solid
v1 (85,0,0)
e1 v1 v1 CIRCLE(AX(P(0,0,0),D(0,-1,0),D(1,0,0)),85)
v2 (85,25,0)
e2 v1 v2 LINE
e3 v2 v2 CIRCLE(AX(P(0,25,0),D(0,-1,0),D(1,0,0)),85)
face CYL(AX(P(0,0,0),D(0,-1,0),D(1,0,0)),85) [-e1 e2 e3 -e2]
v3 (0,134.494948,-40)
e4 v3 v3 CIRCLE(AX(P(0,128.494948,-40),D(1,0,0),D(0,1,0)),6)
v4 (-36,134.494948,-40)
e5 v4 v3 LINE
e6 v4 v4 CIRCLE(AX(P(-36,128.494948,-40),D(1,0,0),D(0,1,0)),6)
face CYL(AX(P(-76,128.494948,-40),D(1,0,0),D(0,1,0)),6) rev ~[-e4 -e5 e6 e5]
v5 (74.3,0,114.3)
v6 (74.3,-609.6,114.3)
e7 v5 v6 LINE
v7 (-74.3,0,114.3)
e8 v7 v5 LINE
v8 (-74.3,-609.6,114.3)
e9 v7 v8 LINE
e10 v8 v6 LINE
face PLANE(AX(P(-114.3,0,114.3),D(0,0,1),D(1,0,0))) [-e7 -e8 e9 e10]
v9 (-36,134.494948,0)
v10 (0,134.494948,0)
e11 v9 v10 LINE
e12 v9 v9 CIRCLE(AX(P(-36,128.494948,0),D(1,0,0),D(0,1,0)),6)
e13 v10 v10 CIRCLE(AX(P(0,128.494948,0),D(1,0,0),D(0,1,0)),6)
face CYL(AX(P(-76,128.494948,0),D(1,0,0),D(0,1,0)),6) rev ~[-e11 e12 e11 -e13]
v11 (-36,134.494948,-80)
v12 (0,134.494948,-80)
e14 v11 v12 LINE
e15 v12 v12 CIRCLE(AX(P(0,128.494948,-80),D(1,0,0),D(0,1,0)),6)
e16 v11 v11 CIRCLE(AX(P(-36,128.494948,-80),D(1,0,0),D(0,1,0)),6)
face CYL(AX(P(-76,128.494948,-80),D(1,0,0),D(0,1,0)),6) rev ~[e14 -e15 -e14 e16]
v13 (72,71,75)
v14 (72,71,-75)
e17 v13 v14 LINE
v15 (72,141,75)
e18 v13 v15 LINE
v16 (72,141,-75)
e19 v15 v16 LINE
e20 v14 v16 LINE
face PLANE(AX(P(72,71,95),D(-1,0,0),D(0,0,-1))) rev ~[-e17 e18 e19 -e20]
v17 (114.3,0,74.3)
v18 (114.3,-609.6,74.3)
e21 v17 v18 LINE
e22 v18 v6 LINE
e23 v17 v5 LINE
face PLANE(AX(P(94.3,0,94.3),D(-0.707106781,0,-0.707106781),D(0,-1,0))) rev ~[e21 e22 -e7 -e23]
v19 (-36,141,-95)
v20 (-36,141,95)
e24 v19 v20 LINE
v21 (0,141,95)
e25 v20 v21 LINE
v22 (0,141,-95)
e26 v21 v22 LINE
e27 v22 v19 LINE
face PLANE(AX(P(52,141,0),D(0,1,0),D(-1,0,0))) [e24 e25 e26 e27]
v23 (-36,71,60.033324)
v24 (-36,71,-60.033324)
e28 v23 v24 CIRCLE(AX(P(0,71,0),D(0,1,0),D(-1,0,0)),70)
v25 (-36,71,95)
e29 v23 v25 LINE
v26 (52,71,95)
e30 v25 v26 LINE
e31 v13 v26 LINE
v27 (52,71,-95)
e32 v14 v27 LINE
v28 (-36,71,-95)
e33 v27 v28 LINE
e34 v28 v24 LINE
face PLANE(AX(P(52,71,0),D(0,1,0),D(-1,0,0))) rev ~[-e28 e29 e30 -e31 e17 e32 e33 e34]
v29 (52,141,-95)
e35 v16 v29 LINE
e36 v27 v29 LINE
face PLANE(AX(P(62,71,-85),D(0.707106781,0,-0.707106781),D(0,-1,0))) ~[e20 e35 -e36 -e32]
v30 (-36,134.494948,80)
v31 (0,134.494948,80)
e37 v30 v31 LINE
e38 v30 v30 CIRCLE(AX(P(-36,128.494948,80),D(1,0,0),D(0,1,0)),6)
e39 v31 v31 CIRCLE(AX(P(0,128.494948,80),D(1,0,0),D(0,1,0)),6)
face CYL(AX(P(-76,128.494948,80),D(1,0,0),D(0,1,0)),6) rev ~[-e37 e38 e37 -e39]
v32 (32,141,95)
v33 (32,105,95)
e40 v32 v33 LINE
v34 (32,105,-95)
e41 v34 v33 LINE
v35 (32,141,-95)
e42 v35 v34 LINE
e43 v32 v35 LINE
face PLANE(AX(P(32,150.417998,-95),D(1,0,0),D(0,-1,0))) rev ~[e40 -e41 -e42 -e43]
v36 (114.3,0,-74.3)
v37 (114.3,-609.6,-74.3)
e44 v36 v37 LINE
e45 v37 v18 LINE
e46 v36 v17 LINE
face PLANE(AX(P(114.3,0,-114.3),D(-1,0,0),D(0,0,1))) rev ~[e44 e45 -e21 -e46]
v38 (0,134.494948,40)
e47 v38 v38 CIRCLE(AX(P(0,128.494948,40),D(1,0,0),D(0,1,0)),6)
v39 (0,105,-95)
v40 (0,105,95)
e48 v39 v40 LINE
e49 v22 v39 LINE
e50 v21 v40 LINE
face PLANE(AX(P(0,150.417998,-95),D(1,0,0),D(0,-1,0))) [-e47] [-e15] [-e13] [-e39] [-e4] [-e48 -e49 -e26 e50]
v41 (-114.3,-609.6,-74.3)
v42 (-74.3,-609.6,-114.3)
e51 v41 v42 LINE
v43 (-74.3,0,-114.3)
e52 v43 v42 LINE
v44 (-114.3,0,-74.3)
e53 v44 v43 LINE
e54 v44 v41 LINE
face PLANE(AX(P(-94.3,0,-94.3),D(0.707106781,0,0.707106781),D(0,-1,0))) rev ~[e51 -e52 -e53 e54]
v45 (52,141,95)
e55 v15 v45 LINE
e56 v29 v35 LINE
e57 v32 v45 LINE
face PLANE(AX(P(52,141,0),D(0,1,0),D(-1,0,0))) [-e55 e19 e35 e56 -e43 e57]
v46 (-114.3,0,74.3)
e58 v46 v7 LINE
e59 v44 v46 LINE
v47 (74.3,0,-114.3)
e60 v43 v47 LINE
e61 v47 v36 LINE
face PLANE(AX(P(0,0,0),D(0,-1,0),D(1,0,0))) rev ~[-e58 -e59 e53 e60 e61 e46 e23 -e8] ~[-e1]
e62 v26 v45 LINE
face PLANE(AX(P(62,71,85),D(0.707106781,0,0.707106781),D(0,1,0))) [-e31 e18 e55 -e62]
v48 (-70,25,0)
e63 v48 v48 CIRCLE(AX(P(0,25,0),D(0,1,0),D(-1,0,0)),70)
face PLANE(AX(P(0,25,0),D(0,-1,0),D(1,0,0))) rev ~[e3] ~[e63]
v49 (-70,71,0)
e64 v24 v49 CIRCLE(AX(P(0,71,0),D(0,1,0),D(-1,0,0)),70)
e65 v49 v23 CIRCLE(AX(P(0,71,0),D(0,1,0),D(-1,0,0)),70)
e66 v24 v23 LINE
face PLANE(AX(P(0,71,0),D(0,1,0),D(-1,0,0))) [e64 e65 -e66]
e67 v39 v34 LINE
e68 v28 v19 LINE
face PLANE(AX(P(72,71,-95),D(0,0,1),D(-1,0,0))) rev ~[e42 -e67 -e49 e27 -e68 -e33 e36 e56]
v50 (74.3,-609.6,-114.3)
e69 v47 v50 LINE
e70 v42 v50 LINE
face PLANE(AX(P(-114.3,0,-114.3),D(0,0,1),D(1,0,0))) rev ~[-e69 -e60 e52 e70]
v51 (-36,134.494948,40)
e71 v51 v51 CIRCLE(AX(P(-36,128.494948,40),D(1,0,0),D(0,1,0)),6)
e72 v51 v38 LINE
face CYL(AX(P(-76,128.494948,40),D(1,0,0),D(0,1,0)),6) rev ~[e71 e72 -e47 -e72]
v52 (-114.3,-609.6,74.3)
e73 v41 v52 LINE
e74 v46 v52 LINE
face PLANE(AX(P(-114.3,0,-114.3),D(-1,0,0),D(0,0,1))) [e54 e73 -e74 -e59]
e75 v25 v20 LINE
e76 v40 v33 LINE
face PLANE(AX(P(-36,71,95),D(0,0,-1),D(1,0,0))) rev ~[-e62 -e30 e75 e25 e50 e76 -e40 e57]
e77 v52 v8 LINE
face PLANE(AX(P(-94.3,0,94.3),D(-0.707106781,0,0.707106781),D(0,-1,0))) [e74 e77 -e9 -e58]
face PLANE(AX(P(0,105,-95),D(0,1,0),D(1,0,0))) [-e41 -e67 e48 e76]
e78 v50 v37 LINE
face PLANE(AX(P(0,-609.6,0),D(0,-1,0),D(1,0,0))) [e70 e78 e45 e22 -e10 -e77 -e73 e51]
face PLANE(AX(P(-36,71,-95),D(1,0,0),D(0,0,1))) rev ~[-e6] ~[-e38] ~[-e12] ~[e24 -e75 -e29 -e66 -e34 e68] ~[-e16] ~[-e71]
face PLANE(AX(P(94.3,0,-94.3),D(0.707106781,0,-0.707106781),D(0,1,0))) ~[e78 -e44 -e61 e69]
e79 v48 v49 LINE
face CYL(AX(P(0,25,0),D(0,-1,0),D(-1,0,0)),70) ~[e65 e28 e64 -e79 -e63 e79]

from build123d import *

# Parameters (mm, degrees)
F0_W      = 228.6
F0_H      = 228.6
F1_DEPTH  = 609.6
F3_SIZE   = 40
F4_R      = 85
F5_DEPTH  = 25
F6_R      = 70
F7_DEPTH  = 46
F9_DEPTH  = 70
F10_W     = 32
F10_H     = 45.417998
F11_DEPTH = 252
F12_SIZE  = 20
F14_D     = 12
F14_DEPTH = 40


with BuildPart() as f1:
    # F0 (on Front) → F1 (new body)
    with BuildSketch(Plane.XZ):
        Rectangle(F0_W, F0_H)
    extrude(amount=F1_DEPTH)

    # F3
    f3_edges = [f1.edges().sort_by_distance(p)[0] for p in [
        (114.3, -304.8, 114.3),
        (-114.3, -304.8, 114.3),
        (-114.3, -304.8, -114.3),
        (114.3, -304.8, -114.3),
    ]]
    chamfer(f3_edges, length=F3_SIZE)

    # F4 (on Front) → F5 (join)
    with BuildSketch(Plane.XZ):
        Circle(F4_R)
    extrude(amount=-F5_DEPTH)

    # F6 (on face) → F7 (join)
    with BuildSketch(Plane(origin=(0, 25, 0), x_dir=(-1, 0, 0), z_dir=(0, 1, 0))):
        Circle(F6_R)
    extrude(amount=F7_DEPTH)

    # F8 (on face) → F9 (join)
    with BuildSketch(Plane(origin=(0, 71, 0), x_dir=(-1, 0, 0), z_dir=(0, 1, 0))):
        Polygon((-32, 95), (-72, 95), (-72, -95), (-32, -95), (-32, 0), align=None)
        Polygon((0, 95), (-32, 95), (-32, 0), (-32, -95), (0, -95), (0, 0), align=None)
        Polygon((36, 95), (0, 95), (0, 0), (0, -95), (36, -95), align=None)
    extrude(amount=F9_DEPTH)

    # F10 (on face) → F11 (cut)
    with BuildSketch(Plane(origin=(0, 0, -95), x_dir=(1, 0, 0), z_dir=(0, 0, -1))):
        with Locations((16, -127.708999)):
            Rectangle(F10_W, F10_H)
    extrude(amount=-F11_DEPTH, mode=Mode.SUBTRACT)

    # F12
    f12_edges = [f1.edges().sort_by_distance(p)[0] for p in [
        (72, 106, -95),
        (72, 106, 95),
    ]]
    chamfer(f12_edges, length=F12_SIZE)

    # F14
    with Locations(Plane(origin=(-36, 0, 0), x_dir=(0, -1, 0), z_dir=(-1, 0, 0))):
        with Locations((-128.494948, 80), (-128.494948, 40), (-128.494948, 0), (-128.494948, -40), (-128.494948, -80)):
            Hole(F14_D / 2, depth=F14_DEPTH)


solid = f1.part
